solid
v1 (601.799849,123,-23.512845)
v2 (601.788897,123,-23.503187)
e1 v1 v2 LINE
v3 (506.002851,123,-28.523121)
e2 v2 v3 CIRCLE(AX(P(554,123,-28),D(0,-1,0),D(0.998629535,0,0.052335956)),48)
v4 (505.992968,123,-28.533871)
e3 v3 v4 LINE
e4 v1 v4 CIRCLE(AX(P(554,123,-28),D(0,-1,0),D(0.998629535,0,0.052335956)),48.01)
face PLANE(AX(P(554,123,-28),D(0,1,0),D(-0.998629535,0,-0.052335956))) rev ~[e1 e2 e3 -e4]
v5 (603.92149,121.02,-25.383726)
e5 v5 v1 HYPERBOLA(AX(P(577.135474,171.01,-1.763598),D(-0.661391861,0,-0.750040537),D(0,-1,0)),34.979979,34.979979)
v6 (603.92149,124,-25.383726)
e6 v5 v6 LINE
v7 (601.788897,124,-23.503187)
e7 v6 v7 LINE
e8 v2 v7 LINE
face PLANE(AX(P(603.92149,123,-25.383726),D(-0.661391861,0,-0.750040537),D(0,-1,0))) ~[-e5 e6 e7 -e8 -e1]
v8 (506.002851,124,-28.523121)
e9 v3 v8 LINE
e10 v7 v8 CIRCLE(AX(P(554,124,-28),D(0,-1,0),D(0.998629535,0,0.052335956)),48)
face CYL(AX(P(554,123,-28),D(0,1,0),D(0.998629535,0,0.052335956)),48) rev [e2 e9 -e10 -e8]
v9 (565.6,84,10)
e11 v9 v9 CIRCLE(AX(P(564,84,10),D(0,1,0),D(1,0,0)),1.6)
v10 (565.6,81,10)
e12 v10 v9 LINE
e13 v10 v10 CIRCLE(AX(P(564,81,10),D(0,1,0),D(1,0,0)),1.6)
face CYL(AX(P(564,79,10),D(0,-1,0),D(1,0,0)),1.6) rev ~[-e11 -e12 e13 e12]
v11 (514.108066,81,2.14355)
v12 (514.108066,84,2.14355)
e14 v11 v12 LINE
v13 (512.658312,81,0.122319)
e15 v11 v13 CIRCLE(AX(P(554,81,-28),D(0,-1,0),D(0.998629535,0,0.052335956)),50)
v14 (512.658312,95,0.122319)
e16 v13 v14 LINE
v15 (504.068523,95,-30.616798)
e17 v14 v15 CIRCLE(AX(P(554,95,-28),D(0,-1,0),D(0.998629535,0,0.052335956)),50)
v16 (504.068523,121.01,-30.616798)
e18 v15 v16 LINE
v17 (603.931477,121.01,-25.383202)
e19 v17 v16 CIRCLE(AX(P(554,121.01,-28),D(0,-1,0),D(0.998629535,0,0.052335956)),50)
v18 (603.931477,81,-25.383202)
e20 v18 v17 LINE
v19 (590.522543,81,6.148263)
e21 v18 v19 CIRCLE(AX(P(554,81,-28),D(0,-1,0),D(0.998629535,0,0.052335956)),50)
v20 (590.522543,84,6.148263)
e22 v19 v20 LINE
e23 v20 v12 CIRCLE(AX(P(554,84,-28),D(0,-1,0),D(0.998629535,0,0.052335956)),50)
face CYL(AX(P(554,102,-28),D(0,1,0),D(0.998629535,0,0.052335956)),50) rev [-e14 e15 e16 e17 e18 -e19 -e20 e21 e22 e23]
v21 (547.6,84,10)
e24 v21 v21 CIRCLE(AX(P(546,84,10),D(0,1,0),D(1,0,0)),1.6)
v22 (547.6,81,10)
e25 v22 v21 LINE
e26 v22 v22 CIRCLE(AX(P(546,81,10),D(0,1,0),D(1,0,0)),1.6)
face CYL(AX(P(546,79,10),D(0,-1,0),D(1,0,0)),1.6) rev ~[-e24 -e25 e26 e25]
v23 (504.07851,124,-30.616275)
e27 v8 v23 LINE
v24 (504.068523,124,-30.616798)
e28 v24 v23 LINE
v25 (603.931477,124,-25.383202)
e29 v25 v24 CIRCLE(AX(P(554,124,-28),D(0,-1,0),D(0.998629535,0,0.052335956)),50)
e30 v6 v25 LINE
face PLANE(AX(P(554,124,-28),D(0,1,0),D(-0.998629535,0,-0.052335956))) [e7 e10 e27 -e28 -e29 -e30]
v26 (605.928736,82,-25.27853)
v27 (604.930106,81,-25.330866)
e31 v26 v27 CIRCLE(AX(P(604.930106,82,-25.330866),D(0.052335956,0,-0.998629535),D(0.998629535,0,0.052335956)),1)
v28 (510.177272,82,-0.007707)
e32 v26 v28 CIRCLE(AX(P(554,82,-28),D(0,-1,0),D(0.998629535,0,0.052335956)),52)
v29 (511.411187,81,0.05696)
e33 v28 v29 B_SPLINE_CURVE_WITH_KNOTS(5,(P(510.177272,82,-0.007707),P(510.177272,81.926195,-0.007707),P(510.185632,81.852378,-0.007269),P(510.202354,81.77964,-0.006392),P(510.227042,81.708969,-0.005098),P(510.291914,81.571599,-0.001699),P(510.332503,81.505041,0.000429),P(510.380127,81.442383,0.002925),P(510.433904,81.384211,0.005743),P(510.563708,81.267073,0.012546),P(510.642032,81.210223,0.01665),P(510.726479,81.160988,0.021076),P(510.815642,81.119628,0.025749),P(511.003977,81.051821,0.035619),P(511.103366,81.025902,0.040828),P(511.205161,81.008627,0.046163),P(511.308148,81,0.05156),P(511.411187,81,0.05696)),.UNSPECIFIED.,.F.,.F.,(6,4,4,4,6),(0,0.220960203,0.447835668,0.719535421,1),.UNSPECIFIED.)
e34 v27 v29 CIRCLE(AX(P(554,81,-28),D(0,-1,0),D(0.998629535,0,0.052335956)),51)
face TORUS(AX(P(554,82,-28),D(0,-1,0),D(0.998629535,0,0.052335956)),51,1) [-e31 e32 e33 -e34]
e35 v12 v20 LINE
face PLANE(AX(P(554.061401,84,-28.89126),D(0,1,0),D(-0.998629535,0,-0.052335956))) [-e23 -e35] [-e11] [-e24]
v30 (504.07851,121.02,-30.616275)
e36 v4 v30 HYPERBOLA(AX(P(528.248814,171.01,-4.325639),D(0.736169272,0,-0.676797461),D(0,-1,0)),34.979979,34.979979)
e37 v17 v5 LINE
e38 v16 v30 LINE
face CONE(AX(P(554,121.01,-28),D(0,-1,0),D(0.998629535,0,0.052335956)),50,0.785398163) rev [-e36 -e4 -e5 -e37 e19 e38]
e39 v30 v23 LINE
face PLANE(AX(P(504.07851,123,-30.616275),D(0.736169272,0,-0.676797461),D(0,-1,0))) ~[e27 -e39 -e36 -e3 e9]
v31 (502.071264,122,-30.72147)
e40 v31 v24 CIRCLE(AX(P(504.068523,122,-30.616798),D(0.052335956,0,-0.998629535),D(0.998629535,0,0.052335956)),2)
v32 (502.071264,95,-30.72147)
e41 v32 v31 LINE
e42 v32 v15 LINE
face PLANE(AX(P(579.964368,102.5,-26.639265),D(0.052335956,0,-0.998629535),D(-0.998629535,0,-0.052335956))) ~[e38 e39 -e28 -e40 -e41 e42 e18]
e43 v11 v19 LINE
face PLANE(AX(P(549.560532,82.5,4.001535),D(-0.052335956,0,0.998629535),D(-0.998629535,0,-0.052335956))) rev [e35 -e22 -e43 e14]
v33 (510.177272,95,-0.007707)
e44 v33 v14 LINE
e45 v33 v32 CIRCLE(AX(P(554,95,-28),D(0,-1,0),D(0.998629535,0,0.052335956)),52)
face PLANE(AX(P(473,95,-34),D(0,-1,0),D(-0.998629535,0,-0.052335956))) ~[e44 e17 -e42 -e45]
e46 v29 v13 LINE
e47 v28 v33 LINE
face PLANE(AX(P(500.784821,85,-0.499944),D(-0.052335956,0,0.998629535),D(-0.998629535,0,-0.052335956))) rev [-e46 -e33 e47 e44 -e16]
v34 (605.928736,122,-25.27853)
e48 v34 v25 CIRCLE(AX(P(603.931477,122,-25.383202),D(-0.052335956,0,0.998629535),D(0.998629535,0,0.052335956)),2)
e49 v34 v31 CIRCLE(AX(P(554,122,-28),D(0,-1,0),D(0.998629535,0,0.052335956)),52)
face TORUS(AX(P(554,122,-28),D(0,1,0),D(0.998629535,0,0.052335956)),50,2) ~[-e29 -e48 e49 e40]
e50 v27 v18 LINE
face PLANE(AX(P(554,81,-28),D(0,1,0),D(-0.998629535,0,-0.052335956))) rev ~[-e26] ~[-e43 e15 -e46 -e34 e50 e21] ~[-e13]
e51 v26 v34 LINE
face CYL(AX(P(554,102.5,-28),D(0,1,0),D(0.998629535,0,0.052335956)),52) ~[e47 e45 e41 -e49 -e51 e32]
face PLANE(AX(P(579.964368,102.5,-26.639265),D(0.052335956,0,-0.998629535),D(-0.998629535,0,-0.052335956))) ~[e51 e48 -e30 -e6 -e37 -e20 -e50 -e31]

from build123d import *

# Parameters (mm, degrees)
BOX335_W                = 59
BOX335_H                = 20
BOX335_DEPTH            = 32
BOX335_PLACEMENT_ANGLE  = 3
CYLINDER480_R           = 1.6
CYLINDER480_DEPTH       = 9
CYLINDER482_R           = 1.6
CYLINDER482_DEPTH       = 9
BOX336_W                = 128
BOX336_H                = 3
BOX336_DEPTH            = 35
BOX336_PLACEMENT_ANGLE  = 3
CYLINDER487_W           = 52
CYLINDER487_H           = 3
CYLINDER487_ANGLE       = 180
CYLINDER487_ROLL_ANGLE  = 90
CYLINDER487_PITCH_ANGLE = -3
CYLINDER486_W           = 48
CYLINDER486_H           = 2
CYLINDER486_ANGLE       = 180
CYLINDER485_W           = 50
CYLINDER485_H           = 42
CYLINDER485_ANGLE       = 180
CYLINDER484_W           = 52
CYLINDER484_H           = 43
CYLINDER484_ANGLE       = 180
CUT340_PLACEMENT_ANGLE  = 3
FILLET122_R             = 2
FILLET123_R             = 1
CHAMFER050_SIZE         = 1.99
CHAMFER051_SIZE         = 1.99


with BuildPart() as cube406:
    # Box335 → Box335 (new body)
    with BuildSketch(Plane.XY):
        with Locations((29.5, 10)):
            Rectangle(BOX335_W, BOX335_H)
    extrude(amount=BOX335_DEPTH)


with BuildPart() as cube406_1:
    # Box335 placement: moved
    add(cube406.part.moved(Location((473, -33, -34))).rotate(Axis((473, -33, -34), (0, -1, 0)), BOX335_PLACEMENT_ANGLE))


with BuildPart() as cylinder480:
    # Cylinder480 → Cylinder480 (new body)
    with BuildSketch(Plane(origin=(546, -17, 10), x_dir=(1, 0, 0), z_dir=(0, -1, 0))):
        Circle(CYLINDER480_R)
    extrude(amount=CYLINDER480_DEPTH)


with BuildPart() as fusion434:
    # Cylinder482 → Cylinder482 (new body)
    with BuildSketch(Plane(origin=(564, -17, 10), x_dir=(1, 0, 0), z_dir=(0, -1, 0))):
        Circle(CYLINDER482_R)
    extrude(amount=CYLINDER482_DEPTH)

    # Fusion434: union Cylinder480
    add(cylinder480.part)


with BuildPart() as cube407:
    # Box336 → Box336 (new body)
    with BuildSketch(Plane.XY):
        with Locations((64, 1.5)):
            Rectangle(BOX336_W, BOX336_H)
    extrude(amount=BOX336_DEPTH)


with BuildPart() as cube407_1:
    # Box336 placement: moved
    add(cube407.part.moved(Location((382, -9, -40.8))).rotate(Axis((382, -9, -40.8), (0, -1, 0)), BOX336_PLACEMENT_ANGLE))


with BuildPart() as cut341:
    # Cylinder487 → Cylinder487 (revolve)
    with BuildSketch(Plane.XZ):
        with Locations((26, 1.5)):
            Rectangle(CYLINDER487_W, CYLINDER487_H)
    revolve(axis=Axis((0, 0, 0), (0, 0, 1)), revolution_arc=CYLINDER487_ANGLE)


with BuildPart() as cut341_1:
    # Cylinder487 roll: moved
    add(cut341.part.rotate(Axis((0, 0, 0), (1, 0, 0)), CYLINDER487_ROLL_ANGLE))


with BuildPart() as cut341_2:
    # Cylinder487 pitch: moved
    add(cut341_1.part.rotate(Axis((0, 0, 0), (0, 1, 0)), CYLINDER487_PITCH_ANGLE))


with BuildPart() as cut341_3:
    # Cylinder487 placement: moved
    add(cut341_2.part.moved(Location((448.581401, -6, -35.39126))))

    # Cut341: cut Cube407
    add(cube407_1.part, mode=Mode.SUBTRACT)


with BuildPart() as cut341_4:
    # Cut341 placement: moved
    add(cut341_3.part.moved(Location((105.48, -13, 6.5))))


with BuildPart() as cylinder486:
    # Cylinder486 → Cylinder486 (revolve)
    with BuildSketch(Plane(origin=(554, -60, -28), x_dir=(1, 0, 0), z_dir=(0, 0, -1))):
        with Locations((24, 1)):
            Rectangle(CYLINDER486_W, CYLINDER486_H)
    revolve(axis=Axis((554, -60, -28), (0, -1, 0)), revolution_arc=CYLINDER486_ANGLE)


with BuildPart() as fusion435:
    # Cylinder485 → Cylinder485 (revolve)
    with BuildSketch(Plane(origin=(554, -19, -28), x_dir=(1, 0, 0), z_dir=(0, 0, -1))):
        with Locations((25, 21)):
            Rectangle(CYLINDER485_W, CYLINDER485_H)
    revolve(axis=Axis((554, -19, -28), (0, -1, 0)), revolution_arc=CYLINDER485_ANGLE)

    # Fusion435: union Cylinder486
    add(cylinder486.part)


with BuildPart() as fender_rear_left:
    # Cylinder484 → Cylinder484 (revolve)
    with BuildSketch(Plane(origin=(554, -19, -28), x_dir=(1, 0, 0), z_dir=(0, 0, -1))):
        with Locations((26, 21.5)):
            Rectangle(CYLINDER484_W, CYLINDER484_H)
    revolve(axis=Axis((554, -19, -28), (0, -1, 0)), revolution_arc=CYLINDER484_ANGLE)

    # Cut340: cut Fusion435
    add(fusion435.part, mode=Mode.SUBTRACT)


with BuildPart() as fender_rear_left_1:
    # Cut340 placement: moved
    add(fender_rear_left.part.moved(Location((-0.706169, 0, -29.032493))).rotate(Axis((-0.706169, 0, -29.032493), (0, -1, 0)), CUT340_PLACEMENT_ANGLE))

    # Fusion436: union Cut341
    add(cut341_4.part)

    # Cut344: cut Fusion434
    add(fusion434.part, mode=Mode.SUBTRACT)

    # Cut346: cut Cube406
    add(cube406_1.part, mode=Mode.SUBTRACT)

    # Fillet122
    fillet122_edges = [fender_rear_left_1.edges().sort_by_distance(p)[0] for p in [
        (551.27853, -62, 23.928736),
    ]]
    fillet(fillet122_edges, radius=FILLET122_R)

    # Fillet123
    fillet123_edges = [fender_rear_left_1.edges().sort_by_distance(p)[0] for p in [
        (567.269532, -19, 22.27842),
    ]]
    fillet(fillet123_edges, radius=FILLET123_R)

    # Chamfer050
    chamfer050_edges = [fender_rear_left_1.edges().sort_by_distance(p)[0] for p in [
        (551.383202, -61, 21.931477),
    ]]
    chamfer(chamfer050_edges, length=CHAMFER050_SIZE)

    # Chamfer051
    chamfer051_edges = [fender_rear_left_1.edges().sort_by_distance(p)[0] for p in [
        (601.934218, -61.5, -25.487874),
        (506.065782, -61.5, -30.512126),
    ]]
    chamfer(chamfer051_edges, length=CHAMFER051_SIZE)


with BuildPart() as fender_rear_right:
    # Part__Mirroring010: instance of fender-rear-left_
    add(fender_rear_left_1.part.mirror(Plane(origin=(0, 0, 0), x_dir=(1, 0, 0), z_dir=(0, 1, 0))))


with BuildPart() as fender_rear_right_1:
    # Part__Mirroring010 placement: moved
    add(fender_rear_right.part.moved(Location((0, 62, 0))))


solid = fender_rear_right_1.part
